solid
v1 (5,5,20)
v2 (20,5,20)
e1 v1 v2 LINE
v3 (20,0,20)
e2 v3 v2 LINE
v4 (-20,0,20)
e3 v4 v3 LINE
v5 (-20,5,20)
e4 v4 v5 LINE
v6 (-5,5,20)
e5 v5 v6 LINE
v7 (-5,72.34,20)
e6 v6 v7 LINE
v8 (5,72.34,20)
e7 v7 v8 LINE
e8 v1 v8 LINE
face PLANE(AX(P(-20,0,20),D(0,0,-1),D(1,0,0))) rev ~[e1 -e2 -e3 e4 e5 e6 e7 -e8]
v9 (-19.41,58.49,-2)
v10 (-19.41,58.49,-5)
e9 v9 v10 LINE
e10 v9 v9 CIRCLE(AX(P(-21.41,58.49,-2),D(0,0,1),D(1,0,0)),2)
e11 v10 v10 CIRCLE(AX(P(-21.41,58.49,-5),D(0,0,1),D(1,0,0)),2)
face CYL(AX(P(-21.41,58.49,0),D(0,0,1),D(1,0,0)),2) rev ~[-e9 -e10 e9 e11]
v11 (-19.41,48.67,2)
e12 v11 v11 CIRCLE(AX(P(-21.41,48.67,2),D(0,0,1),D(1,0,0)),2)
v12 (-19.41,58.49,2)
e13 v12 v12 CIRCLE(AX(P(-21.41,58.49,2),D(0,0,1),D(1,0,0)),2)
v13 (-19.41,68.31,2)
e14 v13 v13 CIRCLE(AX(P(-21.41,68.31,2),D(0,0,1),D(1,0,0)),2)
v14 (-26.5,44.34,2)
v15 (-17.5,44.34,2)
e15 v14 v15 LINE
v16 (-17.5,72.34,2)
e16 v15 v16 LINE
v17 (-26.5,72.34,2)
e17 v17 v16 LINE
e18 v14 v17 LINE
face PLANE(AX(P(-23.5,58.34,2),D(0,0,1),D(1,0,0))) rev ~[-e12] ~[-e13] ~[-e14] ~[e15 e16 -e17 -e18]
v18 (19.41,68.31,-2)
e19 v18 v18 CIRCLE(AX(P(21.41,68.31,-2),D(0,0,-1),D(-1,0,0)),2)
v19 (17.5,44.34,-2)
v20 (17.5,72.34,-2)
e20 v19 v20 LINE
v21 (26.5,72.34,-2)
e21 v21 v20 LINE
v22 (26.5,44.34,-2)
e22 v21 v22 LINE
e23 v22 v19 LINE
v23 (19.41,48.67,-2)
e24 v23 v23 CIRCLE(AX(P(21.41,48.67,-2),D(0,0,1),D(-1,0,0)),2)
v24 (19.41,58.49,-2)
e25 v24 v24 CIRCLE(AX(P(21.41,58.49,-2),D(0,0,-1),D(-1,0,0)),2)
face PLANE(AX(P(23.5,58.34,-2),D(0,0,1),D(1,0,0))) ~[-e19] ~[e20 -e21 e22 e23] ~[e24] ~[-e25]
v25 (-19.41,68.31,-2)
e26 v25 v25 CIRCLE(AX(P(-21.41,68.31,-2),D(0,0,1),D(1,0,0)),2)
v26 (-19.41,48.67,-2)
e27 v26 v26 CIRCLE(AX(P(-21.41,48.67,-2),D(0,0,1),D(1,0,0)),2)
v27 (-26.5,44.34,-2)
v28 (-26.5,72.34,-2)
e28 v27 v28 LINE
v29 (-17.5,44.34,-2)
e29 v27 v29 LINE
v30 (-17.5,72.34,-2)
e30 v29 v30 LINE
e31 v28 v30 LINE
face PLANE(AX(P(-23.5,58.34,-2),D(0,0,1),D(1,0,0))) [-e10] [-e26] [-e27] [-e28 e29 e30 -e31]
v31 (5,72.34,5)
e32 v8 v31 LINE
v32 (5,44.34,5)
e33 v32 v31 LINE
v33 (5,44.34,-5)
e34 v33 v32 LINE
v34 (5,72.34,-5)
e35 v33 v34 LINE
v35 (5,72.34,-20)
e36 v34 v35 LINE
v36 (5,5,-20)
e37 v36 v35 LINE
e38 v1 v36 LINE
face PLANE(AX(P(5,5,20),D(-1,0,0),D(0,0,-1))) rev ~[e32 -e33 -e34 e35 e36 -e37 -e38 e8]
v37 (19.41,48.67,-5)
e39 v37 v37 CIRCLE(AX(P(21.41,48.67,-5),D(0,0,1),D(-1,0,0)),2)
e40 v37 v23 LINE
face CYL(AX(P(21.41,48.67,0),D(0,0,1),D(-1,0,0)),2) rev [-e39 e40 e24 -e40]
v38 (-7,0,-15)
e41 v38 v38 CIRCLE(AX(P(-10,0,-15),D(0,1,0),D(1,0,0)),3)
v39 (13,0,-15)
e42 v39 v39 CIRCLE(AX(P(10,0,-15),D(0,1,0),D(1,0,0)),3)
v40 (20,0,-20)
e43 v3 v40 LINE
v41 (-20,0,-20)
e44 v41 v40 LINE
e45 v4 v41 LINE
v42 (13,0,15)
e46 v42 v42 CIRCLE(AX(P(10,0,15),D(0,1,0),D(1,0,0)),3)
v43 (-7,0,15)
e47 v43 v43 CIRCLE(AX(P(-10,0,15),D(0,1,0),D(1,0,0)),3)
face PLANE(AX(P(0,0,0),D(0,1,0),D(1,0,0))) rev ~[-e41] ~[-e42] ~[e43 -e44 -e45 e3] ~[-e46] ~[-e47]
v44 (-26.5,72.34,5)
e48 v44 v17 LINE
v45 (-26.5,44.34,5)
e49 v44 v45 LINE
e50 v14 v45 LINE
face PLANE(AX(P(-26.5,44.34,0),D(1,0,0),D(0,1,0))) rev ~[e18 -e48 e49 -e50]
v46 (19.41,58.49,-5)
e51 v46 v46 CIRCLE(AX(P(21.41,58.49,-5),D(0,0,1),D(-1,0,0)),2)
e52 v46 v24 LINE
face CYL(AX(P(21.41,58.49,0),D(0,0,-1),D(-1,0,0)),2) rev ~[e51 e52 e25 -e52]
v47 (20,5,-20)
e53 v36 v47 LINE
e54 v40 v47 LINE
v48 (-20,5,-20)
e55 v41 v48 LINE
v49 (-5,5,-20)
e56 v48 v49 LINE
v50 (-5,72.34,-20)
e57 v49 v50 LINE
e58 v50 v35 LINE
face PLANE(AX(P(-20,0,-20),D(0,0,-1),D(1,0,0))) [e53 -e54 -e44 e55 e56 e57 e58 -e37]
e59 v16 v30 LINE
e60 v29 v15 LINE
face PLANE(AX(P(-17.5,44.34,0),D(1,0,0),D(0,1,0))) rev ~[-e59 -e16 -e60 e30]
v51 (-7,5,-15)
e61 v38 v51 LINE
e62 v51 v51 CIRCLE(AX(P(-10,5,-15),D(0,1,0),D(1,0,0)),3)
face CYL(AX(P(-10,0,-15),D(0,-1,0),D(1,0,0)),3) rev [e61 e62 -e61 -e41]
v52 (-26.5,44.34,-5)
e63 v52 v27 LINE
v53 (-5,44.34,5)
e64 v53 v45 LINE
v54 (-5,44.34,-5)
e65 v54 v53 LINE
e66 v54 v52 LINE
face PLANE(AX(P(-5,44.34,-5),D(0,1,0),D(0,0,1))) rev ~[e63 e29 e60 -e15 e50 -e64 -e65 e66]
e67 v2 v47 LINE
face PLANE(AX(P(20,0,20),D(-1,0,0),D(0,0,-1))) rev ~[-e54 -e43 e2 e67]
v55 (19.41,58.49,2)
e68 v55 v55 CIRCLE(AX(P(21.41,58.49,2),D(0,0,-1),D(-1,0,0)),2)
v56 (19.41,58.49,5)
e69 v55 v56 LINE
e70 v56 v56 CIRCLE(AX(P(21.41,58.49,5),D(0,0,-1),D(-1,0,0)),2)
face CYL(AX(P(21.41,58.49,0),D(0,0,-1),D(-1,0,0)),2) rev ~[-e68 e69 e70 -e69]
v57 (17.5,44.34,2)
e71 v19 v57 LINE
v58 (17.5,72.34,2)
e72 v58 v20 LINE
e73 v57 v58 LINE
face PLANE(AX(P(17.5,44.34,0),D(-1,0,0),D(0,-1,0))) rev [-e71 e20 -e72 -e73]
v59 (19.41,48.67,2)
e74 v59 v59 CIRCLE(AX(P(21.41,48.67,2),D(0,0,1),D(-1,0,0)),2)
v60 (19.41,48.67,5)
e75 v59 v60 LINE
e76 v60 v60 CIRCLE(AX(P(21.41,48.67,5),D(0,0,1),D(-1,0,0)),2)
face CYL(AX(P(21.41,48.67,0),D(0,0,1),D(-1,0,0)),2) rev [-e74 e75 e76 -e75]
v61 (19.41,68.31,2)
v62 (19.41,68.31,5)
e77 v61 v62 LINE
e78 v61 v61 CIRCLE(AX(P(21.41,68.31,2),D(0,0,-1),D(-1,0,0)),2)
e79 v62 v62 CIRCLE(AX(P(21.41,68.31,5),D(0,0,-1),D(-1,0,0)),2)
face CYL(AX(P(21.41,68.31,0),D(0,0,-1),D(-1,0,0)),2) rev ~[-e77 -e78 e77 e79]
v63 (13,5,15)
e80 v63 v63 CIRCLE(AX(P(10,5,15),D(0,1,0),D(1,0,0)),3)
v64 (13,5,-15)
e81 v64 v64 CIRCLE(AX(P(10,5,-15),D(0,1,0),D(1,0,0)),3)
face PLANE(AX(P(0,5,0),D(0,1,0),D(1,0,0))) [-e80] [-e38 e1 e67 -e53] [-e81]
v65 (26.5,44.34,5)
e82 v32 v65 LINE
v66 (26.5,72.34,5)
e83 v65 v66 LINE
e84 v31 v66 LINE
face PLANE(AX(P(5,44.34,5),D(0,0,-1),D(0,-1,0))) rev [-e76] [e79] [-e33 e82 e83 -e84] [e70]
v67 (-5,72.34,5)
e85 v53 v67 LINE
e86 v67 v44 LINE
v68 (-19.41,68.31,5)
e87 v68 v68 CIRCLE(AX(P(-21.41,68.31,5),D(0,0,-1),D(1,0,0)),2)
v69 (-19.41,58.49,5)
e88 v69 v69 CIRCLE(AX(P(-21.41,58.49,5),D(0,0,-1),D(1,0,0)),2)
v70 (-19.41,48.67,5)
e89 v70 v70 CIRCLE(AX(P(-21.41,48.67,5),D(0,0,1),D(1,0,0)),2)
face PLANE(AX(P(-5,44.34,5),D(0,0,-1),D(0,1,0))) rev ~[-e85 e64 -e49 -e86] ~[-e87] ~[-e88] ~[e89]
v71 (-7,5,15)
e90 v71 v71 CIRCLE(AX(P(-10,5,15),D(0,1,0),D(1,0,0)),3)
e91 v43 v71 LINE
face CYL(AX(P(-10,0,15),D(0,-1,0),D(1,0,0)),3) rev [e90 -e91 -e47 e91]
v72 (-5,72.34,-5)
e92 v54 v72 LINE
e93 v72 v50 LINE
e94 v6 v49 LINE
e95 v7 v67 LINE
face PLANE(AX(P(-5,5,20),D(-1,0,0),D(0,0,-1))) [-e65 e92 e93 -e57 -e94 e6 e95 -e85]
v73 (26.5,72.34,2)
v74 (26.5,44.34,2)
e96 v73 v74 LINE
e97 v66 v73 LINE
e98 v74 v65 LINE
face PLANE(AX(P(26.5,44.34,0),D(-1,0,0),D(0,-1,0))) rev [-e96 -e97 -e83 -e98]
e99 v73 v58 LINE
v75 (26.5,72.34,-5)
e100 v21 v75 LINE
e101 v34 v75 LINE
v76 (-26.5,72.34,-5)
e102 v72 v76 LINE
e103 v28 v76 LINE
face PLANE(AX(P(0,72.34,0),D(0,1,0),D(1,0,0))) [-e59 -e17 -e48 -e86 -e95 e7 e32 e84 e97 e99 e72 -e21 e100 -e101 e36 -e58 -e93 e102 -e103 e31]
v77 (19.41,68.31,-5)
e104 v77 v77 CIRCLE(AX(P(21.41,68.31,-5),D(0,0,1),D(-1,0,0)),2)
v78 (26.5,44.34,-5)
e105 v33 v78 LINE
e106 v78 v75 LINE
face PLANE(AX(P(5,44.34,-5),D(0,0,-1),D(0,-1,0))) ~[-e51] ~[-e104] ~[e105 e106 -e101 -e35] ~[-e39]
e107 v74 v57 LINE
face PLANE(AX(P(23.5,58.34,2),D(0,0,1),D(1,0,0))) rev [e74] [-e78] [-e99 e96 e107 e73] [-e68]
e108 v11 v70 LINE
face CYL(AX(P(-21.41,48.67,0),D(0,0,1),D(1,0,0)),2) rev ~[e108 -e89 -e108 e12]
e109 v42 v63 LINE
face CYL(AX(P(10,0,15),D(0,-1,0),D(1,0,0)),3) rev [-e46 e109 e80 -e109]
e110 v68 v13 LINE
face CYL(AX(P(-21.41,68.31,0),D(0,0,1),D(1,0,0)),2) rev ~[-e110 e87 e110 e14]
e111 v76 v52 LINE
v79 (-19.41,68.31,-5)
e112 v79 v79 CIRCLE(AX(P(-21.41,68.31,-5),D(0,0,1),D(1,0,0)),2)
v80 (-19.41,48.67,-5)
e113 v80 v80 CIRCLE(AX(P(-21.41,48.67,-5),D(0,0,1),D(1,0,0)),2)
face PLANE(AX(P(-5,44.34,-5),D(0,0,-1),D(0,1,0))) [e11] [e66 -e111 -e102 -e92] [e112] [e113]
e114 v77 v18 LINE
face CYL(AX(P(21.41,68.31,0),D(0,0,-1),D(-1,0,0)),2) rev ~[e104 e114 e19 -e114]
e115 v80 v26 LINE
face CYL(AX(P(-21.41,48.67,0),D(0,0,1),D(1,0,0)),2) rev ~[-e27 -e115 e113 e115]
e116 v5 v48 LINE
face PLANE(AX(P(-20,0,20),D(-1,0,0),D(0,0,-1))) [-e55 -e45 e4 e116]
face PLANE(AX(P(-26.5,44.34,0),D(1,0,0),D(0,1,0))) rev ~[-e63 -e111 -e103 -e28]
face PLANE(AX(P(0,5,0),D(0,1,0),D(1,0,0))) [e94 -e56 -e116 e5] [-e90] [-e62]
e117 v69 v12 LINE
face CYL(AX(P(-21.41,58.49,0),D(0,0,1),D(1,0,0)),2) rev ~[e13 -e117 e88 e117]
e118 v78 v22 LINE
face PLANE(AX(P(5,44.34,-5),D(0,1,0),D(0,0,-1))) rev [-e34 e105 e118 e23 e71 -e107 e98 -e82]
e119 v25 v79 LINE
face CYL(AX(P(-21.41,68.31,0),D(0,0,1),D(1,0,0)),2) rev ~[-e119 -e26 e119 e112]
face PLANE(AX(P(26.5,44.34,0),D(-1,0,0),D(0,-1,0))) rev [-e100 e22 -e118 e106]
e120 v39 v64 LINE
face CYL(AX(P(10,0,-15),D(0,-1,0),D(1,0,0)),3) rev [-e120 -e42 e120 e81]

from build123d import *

# Parameters (mm, degrees)
SKETCH_1_W          = 40
SKETCH_1_H          = 40
SKETCH_1_R          = 3
EXTRUDE_1_DEPTH     = 5
SKETCH_2_W          = 10
SKETCH_2_H          = 40
EXTRUDE_2_DEPTH     = 67.34
SKETCH_3_W          = 10
SKETCH_3_H          = 28
EXTRUDE_3_DEPTH     = 24.5
SKETCH_5_R          = 2
CUT_EXTRUDE_1_DEPTH = 12.25
SKETCH_6_W          = 12
SKETCH_6_H          = 28
CUT_EXTRUDE_2_DEPTH = 2
SKETCH_7_W          = 3
SKETCH_7_H          = 28
CUT_EXTRUDE_3_DEPTH = 25


with BuildPart() as part:
    # 草图1 → 凸台-拉伸1 (new body)
    with BuildSketch(Plane(origin=(0, 0, 0), x_dir=(1, 0, 0), z_dir=(0, 1, 0))):
        Rectangle(SKETCH_1_W, SKETCH_1_H)
        with Locations((-10, -15)):
            Circle(SKETCH_1_R, mode=Mode.SUBTRACT)
        with Locations((10, -15)):
            Circle(SKETCH_1_R, mode=Mode.SUBTRACT)
        with Locations((10, 15)):
            Circle(SKETCH_1_R, mode=Mode.SUBTRACT)
        with Locations((-10, 15)):
            Circle(SKETCH_1_R, mode=Mode.SUBTRACT)
    extrude(amount=EXTRUDE_1_DEPTH)

    # 草图2 → 凸台-拉伸2 (add)
    with BuildSketch(Plane(origin=(0, 5, 0), x_dir=(1, 0, 0), z_dir=(0, 1, 0))):
        Rectangle(SKETCH_2_W, SKETCH_2_H)
    extrude(amount=EXTRUDE_2_DEPTH)

    # 草图3 → 凸台-拉伸3 (add)
    with BuildSketch(Plane.ZY.offset(5)):
        with Locations((0, 58.34)):
            Rectangle(SKETCH_3_W, SKETCH_3_H)
    extrude_3 = extrude(amount=EXTRUDE_3_DEPTH)

    # 草图5 → 切除-拉伸1 (cut, symmetric)
    with BuildSketch(Plane.XY):
        with Locations((-21.41, 68.31)):
            Circle(SKETCH_5_R)
        with Locations((-21.41, 58.49)):
            Circle(SKETCH_5_R)
        with Locations((-21.41, 48.67)):
            Circle(SKETCH_5_R)
    cut_extrude_1 = extrude(amount=CUT_EXTRUDE_1_DEPTH, both=True, mode=Mode.SUBTRACT)

    # 草图6 → 切除-拉伸2 (cut, symmetric)
    with BuildSketch(Plane.XY):
        with Locations((-23.5, 58.34)):
            Rectangle(SKETCH_6_W, SKETCH_6_H)
    cut_extrude_2 = extrude(amount=CUT_EXTRUDE_2_DEPTH, both=True, mode=Mode.SUBTRACT)

    # 镜向1: 凸台-拉伸3, 切除-拉伸1, 切除-拉伸2 across plane
    add(extrude_3.mirror(Plane(origin=(0, 0, 0), x_dir=(0, 0, 1), z_dir=(1, 0, 0))))
    add(cut_extrude_1.mirror(Plane(origin=(0, 0, 0), x_dir=(0, 0, 1), z_dir=(1, 0, 0))), mode=Mode.SUBTRACT)
    add(cut_extrude_2.mirror(Plane(origin=(0, 0, 0), x_dir=(0, 0, 1), z_dir=(1, 0, 0))), mode=Mode.SUBTRACT)

    # 草图7 → 切除-拉伸3 (cut, symmetric)
    with BuildSketch(Plane.XY):
        with Locations((-28, 58.34)):
            Rectangle(SKETCH_7_W, SKETCH_7_H)
    cut_extrude_3 = extrude(amount=CUT_EXTRUDE_3_DEPTH, both=True, mode=Mode.SUBTRACT)

    # 镜向2: 切除-拉伸3 across plane
    add(cut_extrude_3.mirror(Plane(origin=(0, 0, 0), x_dir=(0, 0, 1), z_dir=(1, 0, 0))), mode=Mode.SUBTRACT)


solid = part.part
